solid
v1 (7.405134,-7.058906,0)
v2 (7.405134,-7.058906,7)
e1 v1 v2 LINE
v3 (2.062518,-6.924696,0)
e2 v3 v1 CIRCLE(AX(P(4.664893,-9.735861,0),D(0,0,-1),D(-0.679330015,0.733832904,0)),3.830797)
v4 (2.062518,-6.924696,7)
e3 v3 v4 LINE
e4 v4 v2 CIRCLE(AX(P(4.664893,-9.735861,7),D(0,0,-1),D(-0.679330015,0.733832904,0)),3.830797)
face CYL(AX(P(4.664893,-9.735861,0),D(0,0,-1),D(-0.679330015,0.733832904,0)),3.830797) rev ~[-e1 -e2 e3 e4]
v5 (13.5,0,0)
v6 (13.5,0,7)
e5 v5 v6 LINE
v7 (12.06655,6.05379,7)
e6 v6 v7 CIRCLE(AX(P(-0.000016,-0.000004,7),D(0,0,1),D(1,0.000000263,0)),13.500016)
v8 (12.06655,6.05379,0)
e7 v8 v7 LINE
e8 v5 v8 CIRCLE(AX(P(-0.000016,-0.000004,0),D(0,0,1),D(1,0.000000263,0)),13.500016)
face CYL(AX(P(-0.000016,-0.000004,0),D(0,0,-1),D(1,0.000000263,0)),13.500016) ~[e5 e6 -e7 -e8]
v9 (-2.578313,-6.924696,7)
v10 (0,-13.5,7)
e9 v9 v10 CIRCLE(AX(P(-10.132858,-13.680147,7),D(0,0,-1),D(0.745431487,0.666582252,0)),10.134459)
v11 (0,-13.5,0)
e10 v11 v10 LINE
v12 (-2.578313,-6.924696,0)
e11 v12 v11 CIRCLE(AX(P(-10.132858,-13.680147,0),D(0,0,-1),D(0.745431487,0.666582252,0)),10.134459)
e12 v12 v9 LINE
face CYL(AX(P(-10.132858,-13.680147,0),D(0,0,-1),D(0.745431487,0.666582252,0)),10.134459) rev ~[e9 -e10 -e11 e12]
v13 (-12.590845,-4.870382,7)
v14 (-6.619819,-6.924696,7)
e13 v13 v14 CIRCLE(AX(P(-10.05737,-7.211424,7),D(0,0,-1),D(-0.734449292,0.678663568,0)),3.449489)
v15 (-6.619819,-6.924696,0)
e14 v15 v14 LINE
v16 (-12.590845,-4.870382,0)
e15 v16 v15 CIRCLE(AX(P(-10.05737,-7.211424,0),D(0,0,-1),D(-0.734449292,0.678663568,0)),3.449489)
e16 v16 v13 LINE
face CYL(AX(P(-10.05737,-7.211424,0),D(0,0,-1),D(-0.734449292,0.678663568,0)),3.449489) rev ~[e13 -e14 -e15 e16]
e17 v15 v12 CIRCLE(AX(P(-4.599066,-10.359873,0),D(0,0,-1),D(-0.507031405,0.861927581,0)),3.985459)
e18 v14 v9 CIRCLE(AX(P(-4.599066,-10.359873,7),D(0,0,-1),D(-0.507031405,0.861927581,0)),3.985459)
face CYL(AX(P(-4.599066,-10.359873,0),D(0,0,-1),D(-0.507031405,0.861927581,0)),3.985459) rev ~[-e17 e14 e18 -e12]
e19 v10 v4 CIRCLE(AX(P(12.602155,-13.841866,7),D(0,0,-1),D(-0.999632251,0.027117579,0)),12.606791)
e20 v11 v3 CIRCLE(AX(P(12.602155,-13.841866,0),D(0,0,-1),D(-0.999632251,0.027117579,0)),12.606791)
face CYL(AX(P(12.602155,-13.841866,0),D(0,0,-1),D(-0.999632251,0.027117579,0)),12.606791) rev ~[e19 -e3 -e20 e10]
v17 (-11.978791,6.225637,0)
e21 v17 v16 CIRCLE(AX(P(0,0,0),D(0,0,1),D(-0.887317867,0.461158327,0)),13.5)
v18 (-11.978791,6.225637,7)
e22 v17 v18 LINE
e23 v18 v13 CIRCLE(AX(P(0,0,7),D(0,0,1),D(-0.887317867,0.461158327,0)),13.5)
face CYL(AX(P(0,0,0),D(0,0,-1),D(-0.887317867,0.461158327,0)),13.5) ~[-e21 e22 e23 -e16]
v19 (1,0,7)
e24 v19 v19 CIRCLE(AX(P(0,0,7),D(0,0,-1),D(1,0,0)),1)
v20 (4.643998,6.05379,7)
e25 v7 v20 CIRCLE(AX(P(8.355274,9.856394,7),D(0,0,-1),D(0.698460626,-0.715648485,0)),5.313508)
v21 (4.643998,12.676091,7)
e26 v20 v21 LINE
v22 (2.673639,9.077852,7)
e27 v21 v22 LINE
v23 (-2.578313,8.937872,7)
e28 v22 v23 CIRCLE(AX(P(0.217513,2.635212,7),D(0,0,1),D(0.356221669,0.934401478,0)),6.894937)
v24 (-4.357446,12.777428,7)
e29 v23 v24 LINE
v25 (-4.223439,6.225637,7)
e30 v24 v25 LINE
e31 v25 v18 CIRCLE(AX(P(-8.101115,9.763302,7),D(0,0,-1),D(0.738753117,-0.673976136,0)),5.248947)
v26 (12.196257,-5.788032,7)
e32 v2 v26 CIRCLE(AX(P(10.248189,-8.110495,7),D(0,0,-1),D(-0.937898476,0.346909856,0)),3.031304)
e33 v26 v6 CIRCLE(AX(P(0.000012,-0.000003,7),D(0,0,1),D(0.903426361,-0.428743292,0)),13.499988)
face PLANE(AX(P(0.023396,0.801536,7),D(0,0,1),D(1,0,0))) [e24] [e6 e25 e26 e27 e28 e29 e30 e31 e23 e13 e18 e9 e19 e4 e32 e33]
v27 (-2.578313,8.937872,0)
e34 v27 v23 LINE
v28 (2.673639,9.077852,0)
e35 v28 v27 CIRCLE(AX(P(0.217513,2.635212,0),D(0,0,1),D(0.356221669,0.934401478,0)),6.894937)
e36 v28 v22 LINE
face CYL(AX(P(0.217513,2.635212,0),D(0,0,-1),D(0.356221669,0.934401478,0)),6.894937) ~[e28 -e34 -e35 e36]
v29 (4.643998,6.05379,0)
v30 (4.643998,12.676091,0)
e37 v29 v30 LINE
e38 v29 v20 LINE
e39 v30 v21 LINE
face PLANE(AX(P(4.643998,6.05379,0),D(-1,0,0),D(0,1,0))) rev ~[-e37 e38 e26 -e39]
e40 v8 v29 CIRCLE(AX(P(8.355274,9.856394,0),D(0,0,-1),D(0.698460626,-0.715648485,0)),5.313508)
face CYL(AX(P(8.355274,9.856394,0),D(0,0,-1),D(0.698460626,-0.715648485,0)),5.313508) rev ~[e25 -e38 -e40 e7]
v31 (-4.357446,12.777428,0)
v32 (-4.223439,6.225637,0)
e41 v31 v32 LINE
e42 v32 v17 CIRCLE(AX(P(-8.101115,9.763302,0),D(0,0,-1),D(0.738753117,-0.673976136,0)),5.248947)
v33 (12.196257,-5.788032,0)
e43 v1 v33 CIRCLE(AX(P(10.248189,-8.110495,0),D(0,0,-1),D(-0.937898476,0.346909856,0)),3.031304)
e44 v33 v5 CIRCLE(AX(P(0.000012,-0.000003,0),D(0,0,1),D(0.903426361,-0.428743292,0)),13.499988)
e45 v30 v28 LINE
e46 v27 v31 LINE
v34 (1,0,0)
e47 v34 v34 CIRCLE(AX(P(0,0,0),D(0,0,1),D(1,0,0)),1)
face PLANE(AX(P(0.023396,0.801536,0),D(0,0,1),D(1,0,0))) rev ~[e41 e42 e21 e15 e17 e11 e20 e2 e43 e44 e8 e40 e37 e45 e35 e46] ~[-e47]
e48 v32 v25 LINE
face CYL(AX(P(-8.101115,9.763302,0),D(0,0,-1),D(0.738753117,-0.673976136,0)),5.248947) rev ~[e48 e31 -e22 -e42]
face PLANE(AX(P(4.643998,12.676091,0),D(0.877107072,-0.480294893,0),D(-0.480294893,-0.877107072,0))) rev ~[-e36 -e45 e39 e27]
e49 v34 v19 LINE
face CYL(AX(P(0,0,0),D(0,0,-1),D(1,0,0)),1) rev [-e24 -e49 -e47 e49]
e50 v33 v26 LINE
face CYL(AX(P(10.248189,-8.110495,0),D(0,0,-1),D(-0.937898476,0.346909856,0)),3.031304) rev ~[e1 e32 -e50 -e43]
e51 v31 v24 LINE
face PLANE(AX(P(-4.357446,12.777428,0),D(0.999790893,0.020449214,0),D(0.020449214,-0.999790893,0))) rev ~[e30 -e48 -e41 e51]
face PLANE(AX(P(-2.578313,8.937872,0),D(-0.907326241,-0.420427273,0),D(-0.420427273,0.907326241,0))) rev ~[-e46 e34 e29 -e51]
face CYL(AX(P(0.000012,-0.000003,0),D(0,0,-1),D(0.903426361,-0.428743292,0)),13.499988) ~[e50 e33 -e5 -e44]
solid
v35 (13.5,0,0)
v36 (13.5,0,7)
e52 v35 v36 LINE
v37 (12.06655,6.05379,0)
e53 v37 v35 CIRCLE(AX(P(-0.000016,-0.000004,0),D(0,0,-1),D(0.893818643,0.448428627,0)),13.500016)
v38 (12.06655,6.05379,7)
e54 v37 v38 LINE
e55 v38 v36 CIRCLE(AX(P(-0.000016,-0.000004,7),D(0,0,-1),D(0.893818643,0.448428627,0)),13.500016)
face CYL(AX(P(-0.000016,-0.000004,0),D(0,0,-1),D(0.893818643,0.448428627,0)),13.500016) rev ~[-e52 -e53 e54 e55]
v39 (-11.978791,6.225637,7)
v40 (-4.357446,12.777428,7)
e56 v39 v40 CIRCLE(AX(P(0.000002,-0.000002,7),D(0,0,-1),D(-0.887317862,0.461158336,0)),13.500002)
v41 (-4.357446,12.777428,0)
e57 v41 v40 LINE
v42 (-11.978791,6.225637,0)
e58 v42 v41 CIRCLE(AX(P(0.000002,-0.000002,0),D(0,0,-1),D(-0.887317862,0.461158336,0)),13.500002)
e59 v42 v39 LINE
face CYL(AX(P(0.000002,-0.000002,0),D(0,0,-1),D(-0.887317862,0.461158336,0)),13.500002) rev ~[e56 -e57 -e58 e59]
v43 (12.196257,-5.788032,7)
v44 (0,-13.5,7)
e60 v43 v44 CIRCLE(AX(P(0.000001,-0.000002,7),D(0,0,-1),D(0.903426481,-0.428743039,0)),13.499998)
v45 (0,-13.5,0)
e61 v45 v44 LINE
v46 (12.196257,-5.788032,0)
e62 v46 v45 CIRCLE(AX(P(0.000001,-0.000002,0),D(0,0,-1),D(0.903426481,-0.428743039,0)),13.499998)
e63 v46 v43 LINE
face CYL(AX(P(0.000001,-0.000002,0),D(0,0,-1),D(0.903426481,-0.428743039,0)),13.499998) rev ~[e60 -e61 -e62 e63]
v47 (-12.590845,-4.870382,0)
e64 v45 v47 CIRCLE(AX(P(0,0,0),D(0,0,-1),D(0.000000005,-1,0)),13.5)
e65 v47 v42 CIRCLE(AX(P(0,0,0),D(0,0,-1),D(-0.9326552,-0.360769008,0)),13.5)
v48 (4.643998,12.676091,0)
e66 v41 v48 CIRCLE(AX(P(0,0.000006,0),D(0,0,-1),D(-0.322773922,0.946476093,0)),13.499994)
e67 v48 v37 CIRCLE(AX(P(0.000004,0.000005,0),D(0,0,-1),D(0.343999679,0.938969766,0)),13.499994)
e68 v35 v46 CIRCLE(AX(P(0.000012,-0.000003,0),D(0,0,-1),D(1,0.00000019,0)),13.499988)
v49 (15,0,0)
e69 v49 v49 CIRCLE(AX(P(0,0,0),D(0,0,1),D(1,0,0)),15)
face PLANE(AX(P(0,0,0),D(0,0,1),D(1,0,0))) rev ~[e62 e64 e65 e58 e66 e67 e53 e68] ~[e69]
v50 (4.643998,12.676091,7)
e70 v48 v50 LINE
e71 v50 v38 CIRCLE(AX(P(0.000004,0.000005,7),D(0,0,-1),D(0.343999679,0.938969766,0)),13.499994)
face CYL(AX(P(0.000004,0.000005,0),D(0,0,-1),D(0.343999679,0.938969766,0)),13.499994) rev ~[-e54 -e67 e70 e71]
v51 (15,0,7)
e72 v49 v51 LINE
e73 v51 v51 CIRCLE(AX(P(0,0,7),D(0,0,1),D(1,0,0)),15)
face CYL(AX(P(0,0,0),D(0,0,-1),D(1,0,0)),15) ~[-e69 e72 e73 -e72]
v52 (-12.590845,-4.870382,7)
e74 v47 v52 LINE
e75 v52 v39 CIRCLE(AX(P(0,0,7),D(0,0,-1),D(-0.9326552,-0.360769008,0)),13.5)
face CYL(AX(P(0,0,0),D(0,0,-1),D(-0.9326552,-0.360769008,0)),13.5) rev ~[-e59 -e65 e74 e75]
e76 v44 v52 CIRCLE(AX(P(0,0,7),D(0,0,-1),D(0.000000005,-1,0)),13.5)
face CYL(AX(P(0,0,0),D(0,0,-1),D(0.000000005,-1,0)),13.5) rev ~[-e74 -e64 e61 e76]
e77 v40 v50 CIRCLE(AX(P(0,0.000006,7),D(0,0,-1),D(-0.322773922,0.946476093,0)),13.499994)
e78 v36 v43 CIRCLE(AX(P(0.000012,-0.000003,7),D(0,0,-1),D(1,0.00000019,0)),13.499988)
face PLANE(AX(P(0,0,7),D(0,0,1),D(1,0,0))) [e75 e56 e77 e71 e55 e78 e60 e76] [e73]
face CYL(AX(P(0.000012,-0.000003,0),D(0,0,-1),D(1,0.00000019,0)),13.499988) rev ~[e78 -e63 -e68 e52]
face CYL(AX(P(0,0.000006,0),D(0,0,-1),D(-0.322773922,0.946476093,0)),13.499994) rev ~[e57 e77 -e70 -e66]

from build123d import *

# Parameters (mm, degrees)
F0_R     = 15
F1_DEPTH = 7
F2_DEPTH = 7
F3_R     = 1
F4_DEPTH = 7.001


with BuildPart() as f1:
    # F0 (on Top) → F1 (new body)
    with BuildSketch(Plane.XY):
        Circle(F0_R)
        with BuildLine():
            ThreePointArc((12.06655, 6.05379), (13.13675, 3.110593), (13.5, 0))
            ThreePointArc((13.5, 0), (13.170032, -2.966524), (12.196257, -5.788032))
            ThreePointArc((12.196257, -5.788032), (7.21497, -11.410268), (0, -13.5))
            ThreePointArc((0, -13.5), (-7.632164, -11.135532), (-12.590845, -4.870382))
            ThreePointArc((-12.590845, -4.870382), (-13.479509, 0.743526), (-11.978791, 6.225637))
            ThreePointArc((-11.978791, 6.225637), (-8.800548, 10.237204), (-4.357446, 12.777428))
            ThreePointArc((-4.357446, 12.777428), (0.151972, 13.499145), (4.643998, 12.676091))
            ThreePointArc((4.643998, 12.676091), (8.987454, 10.073514), (12.06655, 6.05379))
        make_face(mode=Mode.SUBTRACT)
    extrude(amount=F1_DEPTH)


with BuildPart() as f2:
    # F0 (on Top) → F2 (new body)
    with BuildSketch(Plane.XY):
        with BuildLine():
            ThreePointArc((12.196257, -5.788032), (13.170032, -2.966524), (13.5, 0))
            ThreePointArc((13.5, 0), (13.13675, 3.110593), (12.06655, 6.05379))
            ThreePointArc((12.06655, 6.05379), (8.355274, 4.542886), (4.643998, 6.05379))
            Line((4.643998, 6.05379), (4.643998, 12.676091))
            Line((4.643998, 12.676091), (2.673639, 9.077852))
            ThreePointArc((2.673639, 9.077852), (0.033808, 9.527702), (-2.578313, 8.937872))
            Line((-2.578313, 8.937872), (-4.357446, 12.777428))
            Line((-4.357446, 12.777428), (-4.223439, 6.225637))
            ThreePointArc((-4.223439, 6.225637), (-8.101115, 4.514355), (-11.978791, 6.225637))
            ThreePointArc((-11.978791, 6.225637), (-13.479509, 0.743526), (-12.590845, -4.870382))
            ThreePointArc((-12.590845, -4.870382), (-8.935145, -3.949587), (-6.619819, -6.924696))
            ThreePointArc((-6.619819, -6.924696), (-4.599066, -6.374414), (-2.578313, -6.924696))
            ThreePointArc((-2.578313, -6.924696), (-0.697832, -9.980478), (0, -13.5))
            ThreePointArc((0, -13.5), (0.573261, -10.068685), (2.062518, -6.924696))
            ThreePointArc((2.062518, -6.924696), (4.761095, -5.906272), (7.405134, -7.058906))
            ThreePointArc((7.405134, -7.058906), (9.470995, -5.180517), (12.196257, -5.788032))
        make_face()
    extrude(amount=F2_DEPTH)

    # F3 (on Top) → F4 (cut, through all)
    with BuildSketch(Plane.XY):
        Circle(F3_R)
    extrude(amount=F4_DEPTH, mode=Mode.SUBTRACT)


solid = Compound([f1.part, f2.part])
